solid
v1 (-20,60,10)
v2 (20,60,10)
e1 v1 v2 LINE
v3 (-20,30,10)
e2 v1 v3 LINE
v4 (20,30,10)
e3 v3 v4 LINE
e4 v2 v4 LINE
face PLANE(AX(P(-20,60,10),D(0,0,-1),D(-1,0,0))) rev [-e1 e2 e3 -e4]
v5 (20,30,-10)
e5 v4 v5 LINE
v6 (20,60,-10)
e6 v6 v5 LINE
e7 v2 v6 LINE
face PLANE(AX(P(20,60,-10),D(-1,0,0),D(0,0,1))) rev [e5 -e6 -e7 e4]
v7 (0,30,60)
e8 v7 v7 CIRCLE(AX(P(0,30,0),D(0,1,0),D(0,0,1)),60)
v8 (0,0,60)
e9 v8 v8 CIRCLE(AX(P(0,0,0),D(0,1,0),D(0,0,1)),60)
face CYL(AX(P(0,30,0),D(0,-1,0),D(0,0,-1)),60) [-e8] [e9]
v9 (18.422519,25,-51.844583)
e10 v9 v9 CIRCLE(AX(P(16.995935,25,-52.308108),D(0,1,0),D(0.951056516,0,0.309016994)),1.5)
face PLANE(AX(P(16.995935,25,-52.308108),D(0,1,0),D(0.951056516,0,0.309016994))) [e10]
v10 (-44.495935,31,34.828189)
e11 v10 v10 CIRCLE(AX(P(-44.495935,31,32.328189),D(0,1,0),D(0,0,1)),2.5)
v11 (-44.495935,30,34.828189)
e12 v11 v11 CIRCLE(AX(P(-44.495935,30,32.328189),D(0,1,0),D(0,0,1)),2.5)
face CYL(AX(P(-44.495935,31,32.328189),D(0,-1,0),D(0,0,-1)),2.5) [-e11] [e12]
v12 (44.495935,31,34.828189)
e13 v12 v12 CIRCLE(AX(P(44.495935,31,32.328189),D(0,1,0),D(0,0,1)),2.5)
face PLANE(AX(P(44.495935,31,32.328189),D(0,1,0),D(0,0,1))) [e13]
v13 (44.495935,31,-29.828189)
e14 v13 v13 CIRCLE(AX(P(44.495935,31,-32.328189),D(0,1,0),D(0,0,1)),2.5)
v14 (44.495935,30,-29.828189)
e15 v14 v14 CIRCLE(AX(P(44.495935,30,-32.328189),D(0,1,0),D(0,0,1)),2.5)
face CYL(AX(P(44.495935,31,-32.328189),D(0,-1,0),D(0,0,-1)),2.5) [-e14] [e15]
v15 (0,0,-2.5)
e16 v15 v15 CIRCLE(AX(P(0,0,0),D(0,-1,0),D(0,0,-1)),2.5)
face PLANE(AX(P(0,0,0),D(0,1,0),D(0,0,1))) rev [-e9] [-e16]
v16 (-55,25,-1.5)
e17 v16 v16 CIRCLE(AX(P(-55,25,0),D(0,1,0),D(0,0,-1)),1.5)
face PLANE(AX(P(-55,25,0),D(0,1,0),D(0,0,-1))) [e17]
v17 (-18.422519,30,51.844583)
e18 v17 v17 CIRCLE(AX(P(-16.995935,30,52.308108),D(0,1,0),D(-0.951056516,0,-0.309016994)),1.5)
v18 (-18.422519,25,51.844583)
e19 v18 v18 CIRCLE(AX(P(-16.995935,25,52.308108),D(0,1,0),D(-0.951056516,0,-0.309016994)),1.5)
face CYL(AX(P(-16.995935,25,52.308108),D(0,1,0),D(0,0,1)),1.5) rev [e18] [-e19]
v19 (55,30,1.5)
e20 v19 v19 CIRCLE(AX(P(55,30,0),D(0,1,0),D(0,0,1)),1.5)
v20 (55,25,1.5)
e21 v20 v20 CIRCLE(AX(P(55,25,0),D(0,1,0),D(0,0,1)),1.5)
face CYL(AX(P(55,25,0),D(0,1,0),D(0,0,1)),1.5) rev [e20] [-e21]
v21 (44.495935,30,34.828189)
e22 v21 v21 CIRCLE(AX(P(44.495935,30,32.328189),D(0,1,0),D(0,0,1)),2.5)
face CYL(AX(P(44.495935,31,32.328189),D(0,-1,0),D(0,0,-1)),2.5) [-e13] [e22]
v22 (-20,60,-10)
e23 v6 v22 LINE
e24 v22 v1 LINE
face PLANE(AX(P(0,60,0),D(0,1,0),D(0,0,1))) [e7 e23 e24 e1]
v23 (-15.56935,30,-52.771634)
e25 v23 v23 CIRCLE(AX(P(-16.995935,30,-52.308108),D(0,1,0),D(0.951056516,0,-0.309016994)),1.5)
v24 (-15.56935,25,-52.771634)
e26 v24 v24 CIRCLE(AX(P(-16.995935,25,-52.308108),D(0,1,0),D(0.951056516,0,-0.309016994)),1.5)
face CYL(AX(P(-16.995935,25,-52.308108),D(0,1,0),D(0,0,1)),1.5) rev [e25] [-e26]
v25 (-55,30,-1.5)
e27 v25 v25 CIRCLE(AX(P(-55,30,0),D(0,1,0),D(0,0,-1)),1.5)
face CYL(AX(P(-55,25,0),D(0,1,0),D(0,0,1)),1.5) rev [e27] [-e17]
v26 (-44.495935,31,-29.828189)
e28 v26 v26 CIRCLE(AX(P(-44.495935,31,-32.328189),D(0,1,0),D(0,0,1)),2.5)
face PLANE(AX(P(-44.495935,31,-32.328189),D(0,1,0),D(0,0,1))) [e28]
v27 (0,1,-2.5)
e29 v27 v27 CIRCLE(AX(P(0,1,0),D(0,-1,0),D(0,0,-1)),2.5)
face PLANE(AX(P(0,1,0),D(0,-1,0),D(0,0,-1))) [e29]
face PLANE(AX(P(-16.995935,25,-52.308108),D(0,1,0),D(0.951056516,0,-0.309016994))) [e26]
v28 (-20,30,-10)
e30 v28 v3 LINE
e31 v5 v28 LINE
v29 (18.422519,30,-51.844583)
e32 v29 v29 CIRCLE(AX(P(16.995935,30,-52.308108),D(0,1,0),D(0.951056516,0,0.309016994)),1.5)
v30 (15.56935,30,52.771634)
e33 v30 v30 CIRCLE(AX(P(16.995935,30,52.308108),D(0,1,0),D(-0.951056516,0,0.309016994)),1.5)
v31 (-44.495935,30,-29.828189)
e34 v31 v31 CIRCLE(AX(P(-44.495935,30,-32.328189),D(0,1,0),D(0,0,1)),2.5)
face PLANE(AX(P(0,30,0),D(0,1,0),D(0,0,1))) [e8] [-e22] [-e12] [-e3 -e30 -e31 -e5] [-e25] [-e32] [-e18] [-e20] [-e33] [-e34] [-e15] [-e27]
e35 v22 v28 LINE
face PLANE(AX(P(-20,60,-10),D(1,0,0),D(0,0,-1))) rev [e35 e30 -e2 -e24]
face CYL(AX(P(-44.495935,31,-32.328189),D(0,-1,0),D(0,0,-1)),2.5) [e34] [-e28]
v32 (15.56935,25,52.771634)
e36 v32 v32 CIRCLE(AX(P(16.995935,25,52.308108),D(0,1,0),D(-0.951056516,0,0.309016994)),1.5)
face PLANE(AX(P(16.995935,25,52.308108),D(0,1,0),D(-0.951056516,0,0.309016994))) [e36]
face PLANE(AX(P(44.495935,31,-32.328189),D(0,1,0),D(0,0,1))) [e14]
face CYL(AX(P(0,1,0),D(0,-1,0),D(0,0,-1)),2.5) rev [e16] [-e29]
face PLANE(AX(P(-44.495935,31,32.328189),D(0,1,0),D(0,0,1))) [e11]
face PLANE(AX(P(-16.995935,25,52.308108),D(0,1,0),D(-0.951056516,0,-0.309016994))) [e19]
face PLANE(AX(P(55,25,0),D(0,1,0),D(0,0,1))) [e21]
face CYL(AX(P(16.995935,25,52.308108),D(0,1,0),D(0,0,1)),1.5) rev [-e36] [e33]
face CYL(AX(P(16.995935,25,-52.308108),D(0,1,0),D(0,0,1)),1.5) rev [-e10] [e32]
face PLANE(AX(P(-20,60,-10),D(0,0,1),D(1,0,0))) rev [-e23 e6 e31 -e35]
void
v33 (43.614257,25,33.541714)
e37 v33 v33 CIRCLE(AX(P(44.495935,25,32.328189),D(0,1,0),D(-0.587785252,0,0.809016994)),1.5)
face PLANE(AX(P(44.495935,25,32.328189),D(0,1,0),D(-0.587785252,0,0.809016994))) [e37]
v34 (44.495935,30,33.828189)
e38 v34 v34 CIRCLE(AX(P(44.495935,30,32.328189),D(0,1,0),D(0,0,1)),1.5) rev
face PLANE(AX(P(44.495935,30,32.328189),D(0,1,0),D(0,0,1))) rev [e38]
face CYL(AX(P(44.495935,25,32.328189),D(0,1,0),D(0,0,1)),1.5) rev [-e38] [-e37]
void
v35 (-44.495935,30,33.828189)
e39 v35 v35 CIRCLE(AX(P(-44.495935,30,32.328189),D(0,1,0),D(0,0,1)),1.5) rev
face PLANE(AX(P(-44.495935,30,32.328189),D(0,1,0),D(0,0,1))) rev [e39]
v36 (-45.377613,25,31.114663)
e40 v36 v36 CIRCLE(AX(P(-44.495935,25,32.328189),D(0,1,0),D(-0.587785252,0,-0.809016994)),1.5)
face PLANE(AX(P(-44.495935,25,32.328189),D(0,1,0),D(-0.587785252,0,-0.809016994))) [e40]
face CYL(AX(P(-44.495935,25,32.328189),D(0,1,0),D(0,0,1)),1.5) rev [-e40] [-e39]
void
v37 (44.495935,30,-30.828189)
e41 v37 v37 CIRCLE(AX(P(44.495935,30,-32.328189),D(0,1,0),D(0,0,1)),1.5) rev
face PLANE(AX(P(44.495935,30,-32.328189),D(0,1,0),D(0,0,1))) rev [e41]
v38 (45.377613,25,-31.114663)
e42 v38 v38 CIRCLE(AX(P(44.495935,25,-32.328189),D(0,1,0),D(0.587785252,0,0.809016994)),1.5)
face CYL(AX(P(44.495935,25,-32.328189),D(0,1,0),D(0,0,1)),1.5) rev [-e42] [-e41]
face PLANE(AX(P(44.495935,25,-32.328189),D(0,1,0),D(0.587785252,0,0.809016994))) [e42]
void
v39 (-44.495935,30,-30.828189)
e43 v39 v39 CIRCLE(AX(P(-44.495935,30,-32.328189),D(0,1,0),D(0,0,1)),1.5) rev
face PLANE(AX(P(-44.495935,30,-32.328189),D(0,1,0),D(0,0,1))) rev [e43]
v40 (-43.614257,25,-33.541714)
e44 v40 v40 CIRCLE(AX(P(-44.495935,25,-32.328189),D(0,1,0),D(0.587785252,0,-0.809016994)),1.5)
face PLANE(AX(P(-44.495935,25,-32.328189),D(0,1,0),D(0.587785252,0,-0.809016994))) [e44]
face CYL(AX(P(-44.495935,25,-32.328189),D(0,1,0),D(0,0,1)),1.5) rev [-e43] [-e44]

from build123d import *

# Parameters (mm, degrees)
SKETCH_1_R               = 60
EXTRUDE_1_DEPTH          = 30
SKETCH_2_R               = 1.5
CUT_EXTRUDE_1_DEPTH      = 5
PATTERN_CIRCULAR_1_COUNT = 10
SKETCH_3_W               = 40
SKETCH_3_H               = 20
EXTRUDE_2_DEPTH          = 30
SKETCH_5_R               = 2.5
EXTRUDE_4_DEPTH          = 1
SKETCH_7_R               = 2.5
CUT_EXTRUDE_2_DEPTH      = 1


with BuildPart() as part:
    # 草图1 → 凸台-拉伸1 (new body)
    with BuildSketch(Plane(origin=(0, 0, 0), x_dir=(1, 0, 0), z_dir=(0, 1, 0))):
        with Locations(Location((0, 0, 0), (0, 0, 270))):
            Circle(SKETCH_1_R)
    extrude(amount=EXTRUDE_1_DEPTH)

    # 草图2 → 切除-拉伸1 (cut)
    with BuildSketch(Plane(origin=(0, 30, 0), x_dir=(1, 0, 0), z_dir=(0, 1, 0))):
        with Locations(Location((55, 0, 0), (0, 0, 270))):
            Circle(SKETCH_2_R)
    cut_extrude_1 = extrude(amount=-CUT_EXTRUDE_1_DEPTH, mode=Mode.SUBTRACT)

    # 阵列(圆周)1: 切除-拉伸1 ×10 about axis
    pattern_circular_1_axis = Axis((0, 0, 0), (0, 1, 0))
    for i in range(1, PATTERN_CIRCULAR_1_COUNT):
        add(cut_extrude_1.rotate(pattern_circular_1_axis, i * 360 / PATTERN_CIRCULAR_1_COUNT), mode=Mode.SUBTRACT)

    # 草图3 → 凸台-拉伸2 (add)
    with BuildSketch(Plane(origin=(0, 30, 0), x_dir=(1, 0, 0), z_dir=(0, 1, 0))):
        Rectangle(SKETCH_3_W, SKETCH_3_H)
    extrude(amount=EXTRUDE_2_DEPTH)

    # 草图5 → 凸台-拉伸4 (add)
    with BuildSketch(Plane(origin=(0, 30, 0), x_dir=(1, 0, 0), z_dir=(0, 1, 0))):
        with Locations(Location((-44.495934691, 32.328188876, 0), (0, 0, 270))):
            Circle(SKETCH_5_R)
        with Locations(Location((44.495934691, -32.328188876, 0), (0, 0, 270))):
            Circle(SKETCH_5_R)
        with Locations(Location((44.495934691, 32.328188876, 0), (0, 0, 270))):
            Circle(SKETCH_5_R)
        with Locations(Location((-44.495934691, -32.328188876, 0), (0, 0, 270))):
            Circle(SKETCH_5_R)
    extrude(amount=EXTRUDE_4_DEPTH)

    # 草图7 → 切除-拉伸2 (cut)
    with BuildSketch(Plane.XZ):
        with Locations(Location((0, 0, 0), (0, 0, 270))):
            Circle(SKETCH_7_R)
    extrude(amount=-CUT_EXTRUDE_2_DEPTH, mode=Mode.SUBTRACT)


solid = part.part
